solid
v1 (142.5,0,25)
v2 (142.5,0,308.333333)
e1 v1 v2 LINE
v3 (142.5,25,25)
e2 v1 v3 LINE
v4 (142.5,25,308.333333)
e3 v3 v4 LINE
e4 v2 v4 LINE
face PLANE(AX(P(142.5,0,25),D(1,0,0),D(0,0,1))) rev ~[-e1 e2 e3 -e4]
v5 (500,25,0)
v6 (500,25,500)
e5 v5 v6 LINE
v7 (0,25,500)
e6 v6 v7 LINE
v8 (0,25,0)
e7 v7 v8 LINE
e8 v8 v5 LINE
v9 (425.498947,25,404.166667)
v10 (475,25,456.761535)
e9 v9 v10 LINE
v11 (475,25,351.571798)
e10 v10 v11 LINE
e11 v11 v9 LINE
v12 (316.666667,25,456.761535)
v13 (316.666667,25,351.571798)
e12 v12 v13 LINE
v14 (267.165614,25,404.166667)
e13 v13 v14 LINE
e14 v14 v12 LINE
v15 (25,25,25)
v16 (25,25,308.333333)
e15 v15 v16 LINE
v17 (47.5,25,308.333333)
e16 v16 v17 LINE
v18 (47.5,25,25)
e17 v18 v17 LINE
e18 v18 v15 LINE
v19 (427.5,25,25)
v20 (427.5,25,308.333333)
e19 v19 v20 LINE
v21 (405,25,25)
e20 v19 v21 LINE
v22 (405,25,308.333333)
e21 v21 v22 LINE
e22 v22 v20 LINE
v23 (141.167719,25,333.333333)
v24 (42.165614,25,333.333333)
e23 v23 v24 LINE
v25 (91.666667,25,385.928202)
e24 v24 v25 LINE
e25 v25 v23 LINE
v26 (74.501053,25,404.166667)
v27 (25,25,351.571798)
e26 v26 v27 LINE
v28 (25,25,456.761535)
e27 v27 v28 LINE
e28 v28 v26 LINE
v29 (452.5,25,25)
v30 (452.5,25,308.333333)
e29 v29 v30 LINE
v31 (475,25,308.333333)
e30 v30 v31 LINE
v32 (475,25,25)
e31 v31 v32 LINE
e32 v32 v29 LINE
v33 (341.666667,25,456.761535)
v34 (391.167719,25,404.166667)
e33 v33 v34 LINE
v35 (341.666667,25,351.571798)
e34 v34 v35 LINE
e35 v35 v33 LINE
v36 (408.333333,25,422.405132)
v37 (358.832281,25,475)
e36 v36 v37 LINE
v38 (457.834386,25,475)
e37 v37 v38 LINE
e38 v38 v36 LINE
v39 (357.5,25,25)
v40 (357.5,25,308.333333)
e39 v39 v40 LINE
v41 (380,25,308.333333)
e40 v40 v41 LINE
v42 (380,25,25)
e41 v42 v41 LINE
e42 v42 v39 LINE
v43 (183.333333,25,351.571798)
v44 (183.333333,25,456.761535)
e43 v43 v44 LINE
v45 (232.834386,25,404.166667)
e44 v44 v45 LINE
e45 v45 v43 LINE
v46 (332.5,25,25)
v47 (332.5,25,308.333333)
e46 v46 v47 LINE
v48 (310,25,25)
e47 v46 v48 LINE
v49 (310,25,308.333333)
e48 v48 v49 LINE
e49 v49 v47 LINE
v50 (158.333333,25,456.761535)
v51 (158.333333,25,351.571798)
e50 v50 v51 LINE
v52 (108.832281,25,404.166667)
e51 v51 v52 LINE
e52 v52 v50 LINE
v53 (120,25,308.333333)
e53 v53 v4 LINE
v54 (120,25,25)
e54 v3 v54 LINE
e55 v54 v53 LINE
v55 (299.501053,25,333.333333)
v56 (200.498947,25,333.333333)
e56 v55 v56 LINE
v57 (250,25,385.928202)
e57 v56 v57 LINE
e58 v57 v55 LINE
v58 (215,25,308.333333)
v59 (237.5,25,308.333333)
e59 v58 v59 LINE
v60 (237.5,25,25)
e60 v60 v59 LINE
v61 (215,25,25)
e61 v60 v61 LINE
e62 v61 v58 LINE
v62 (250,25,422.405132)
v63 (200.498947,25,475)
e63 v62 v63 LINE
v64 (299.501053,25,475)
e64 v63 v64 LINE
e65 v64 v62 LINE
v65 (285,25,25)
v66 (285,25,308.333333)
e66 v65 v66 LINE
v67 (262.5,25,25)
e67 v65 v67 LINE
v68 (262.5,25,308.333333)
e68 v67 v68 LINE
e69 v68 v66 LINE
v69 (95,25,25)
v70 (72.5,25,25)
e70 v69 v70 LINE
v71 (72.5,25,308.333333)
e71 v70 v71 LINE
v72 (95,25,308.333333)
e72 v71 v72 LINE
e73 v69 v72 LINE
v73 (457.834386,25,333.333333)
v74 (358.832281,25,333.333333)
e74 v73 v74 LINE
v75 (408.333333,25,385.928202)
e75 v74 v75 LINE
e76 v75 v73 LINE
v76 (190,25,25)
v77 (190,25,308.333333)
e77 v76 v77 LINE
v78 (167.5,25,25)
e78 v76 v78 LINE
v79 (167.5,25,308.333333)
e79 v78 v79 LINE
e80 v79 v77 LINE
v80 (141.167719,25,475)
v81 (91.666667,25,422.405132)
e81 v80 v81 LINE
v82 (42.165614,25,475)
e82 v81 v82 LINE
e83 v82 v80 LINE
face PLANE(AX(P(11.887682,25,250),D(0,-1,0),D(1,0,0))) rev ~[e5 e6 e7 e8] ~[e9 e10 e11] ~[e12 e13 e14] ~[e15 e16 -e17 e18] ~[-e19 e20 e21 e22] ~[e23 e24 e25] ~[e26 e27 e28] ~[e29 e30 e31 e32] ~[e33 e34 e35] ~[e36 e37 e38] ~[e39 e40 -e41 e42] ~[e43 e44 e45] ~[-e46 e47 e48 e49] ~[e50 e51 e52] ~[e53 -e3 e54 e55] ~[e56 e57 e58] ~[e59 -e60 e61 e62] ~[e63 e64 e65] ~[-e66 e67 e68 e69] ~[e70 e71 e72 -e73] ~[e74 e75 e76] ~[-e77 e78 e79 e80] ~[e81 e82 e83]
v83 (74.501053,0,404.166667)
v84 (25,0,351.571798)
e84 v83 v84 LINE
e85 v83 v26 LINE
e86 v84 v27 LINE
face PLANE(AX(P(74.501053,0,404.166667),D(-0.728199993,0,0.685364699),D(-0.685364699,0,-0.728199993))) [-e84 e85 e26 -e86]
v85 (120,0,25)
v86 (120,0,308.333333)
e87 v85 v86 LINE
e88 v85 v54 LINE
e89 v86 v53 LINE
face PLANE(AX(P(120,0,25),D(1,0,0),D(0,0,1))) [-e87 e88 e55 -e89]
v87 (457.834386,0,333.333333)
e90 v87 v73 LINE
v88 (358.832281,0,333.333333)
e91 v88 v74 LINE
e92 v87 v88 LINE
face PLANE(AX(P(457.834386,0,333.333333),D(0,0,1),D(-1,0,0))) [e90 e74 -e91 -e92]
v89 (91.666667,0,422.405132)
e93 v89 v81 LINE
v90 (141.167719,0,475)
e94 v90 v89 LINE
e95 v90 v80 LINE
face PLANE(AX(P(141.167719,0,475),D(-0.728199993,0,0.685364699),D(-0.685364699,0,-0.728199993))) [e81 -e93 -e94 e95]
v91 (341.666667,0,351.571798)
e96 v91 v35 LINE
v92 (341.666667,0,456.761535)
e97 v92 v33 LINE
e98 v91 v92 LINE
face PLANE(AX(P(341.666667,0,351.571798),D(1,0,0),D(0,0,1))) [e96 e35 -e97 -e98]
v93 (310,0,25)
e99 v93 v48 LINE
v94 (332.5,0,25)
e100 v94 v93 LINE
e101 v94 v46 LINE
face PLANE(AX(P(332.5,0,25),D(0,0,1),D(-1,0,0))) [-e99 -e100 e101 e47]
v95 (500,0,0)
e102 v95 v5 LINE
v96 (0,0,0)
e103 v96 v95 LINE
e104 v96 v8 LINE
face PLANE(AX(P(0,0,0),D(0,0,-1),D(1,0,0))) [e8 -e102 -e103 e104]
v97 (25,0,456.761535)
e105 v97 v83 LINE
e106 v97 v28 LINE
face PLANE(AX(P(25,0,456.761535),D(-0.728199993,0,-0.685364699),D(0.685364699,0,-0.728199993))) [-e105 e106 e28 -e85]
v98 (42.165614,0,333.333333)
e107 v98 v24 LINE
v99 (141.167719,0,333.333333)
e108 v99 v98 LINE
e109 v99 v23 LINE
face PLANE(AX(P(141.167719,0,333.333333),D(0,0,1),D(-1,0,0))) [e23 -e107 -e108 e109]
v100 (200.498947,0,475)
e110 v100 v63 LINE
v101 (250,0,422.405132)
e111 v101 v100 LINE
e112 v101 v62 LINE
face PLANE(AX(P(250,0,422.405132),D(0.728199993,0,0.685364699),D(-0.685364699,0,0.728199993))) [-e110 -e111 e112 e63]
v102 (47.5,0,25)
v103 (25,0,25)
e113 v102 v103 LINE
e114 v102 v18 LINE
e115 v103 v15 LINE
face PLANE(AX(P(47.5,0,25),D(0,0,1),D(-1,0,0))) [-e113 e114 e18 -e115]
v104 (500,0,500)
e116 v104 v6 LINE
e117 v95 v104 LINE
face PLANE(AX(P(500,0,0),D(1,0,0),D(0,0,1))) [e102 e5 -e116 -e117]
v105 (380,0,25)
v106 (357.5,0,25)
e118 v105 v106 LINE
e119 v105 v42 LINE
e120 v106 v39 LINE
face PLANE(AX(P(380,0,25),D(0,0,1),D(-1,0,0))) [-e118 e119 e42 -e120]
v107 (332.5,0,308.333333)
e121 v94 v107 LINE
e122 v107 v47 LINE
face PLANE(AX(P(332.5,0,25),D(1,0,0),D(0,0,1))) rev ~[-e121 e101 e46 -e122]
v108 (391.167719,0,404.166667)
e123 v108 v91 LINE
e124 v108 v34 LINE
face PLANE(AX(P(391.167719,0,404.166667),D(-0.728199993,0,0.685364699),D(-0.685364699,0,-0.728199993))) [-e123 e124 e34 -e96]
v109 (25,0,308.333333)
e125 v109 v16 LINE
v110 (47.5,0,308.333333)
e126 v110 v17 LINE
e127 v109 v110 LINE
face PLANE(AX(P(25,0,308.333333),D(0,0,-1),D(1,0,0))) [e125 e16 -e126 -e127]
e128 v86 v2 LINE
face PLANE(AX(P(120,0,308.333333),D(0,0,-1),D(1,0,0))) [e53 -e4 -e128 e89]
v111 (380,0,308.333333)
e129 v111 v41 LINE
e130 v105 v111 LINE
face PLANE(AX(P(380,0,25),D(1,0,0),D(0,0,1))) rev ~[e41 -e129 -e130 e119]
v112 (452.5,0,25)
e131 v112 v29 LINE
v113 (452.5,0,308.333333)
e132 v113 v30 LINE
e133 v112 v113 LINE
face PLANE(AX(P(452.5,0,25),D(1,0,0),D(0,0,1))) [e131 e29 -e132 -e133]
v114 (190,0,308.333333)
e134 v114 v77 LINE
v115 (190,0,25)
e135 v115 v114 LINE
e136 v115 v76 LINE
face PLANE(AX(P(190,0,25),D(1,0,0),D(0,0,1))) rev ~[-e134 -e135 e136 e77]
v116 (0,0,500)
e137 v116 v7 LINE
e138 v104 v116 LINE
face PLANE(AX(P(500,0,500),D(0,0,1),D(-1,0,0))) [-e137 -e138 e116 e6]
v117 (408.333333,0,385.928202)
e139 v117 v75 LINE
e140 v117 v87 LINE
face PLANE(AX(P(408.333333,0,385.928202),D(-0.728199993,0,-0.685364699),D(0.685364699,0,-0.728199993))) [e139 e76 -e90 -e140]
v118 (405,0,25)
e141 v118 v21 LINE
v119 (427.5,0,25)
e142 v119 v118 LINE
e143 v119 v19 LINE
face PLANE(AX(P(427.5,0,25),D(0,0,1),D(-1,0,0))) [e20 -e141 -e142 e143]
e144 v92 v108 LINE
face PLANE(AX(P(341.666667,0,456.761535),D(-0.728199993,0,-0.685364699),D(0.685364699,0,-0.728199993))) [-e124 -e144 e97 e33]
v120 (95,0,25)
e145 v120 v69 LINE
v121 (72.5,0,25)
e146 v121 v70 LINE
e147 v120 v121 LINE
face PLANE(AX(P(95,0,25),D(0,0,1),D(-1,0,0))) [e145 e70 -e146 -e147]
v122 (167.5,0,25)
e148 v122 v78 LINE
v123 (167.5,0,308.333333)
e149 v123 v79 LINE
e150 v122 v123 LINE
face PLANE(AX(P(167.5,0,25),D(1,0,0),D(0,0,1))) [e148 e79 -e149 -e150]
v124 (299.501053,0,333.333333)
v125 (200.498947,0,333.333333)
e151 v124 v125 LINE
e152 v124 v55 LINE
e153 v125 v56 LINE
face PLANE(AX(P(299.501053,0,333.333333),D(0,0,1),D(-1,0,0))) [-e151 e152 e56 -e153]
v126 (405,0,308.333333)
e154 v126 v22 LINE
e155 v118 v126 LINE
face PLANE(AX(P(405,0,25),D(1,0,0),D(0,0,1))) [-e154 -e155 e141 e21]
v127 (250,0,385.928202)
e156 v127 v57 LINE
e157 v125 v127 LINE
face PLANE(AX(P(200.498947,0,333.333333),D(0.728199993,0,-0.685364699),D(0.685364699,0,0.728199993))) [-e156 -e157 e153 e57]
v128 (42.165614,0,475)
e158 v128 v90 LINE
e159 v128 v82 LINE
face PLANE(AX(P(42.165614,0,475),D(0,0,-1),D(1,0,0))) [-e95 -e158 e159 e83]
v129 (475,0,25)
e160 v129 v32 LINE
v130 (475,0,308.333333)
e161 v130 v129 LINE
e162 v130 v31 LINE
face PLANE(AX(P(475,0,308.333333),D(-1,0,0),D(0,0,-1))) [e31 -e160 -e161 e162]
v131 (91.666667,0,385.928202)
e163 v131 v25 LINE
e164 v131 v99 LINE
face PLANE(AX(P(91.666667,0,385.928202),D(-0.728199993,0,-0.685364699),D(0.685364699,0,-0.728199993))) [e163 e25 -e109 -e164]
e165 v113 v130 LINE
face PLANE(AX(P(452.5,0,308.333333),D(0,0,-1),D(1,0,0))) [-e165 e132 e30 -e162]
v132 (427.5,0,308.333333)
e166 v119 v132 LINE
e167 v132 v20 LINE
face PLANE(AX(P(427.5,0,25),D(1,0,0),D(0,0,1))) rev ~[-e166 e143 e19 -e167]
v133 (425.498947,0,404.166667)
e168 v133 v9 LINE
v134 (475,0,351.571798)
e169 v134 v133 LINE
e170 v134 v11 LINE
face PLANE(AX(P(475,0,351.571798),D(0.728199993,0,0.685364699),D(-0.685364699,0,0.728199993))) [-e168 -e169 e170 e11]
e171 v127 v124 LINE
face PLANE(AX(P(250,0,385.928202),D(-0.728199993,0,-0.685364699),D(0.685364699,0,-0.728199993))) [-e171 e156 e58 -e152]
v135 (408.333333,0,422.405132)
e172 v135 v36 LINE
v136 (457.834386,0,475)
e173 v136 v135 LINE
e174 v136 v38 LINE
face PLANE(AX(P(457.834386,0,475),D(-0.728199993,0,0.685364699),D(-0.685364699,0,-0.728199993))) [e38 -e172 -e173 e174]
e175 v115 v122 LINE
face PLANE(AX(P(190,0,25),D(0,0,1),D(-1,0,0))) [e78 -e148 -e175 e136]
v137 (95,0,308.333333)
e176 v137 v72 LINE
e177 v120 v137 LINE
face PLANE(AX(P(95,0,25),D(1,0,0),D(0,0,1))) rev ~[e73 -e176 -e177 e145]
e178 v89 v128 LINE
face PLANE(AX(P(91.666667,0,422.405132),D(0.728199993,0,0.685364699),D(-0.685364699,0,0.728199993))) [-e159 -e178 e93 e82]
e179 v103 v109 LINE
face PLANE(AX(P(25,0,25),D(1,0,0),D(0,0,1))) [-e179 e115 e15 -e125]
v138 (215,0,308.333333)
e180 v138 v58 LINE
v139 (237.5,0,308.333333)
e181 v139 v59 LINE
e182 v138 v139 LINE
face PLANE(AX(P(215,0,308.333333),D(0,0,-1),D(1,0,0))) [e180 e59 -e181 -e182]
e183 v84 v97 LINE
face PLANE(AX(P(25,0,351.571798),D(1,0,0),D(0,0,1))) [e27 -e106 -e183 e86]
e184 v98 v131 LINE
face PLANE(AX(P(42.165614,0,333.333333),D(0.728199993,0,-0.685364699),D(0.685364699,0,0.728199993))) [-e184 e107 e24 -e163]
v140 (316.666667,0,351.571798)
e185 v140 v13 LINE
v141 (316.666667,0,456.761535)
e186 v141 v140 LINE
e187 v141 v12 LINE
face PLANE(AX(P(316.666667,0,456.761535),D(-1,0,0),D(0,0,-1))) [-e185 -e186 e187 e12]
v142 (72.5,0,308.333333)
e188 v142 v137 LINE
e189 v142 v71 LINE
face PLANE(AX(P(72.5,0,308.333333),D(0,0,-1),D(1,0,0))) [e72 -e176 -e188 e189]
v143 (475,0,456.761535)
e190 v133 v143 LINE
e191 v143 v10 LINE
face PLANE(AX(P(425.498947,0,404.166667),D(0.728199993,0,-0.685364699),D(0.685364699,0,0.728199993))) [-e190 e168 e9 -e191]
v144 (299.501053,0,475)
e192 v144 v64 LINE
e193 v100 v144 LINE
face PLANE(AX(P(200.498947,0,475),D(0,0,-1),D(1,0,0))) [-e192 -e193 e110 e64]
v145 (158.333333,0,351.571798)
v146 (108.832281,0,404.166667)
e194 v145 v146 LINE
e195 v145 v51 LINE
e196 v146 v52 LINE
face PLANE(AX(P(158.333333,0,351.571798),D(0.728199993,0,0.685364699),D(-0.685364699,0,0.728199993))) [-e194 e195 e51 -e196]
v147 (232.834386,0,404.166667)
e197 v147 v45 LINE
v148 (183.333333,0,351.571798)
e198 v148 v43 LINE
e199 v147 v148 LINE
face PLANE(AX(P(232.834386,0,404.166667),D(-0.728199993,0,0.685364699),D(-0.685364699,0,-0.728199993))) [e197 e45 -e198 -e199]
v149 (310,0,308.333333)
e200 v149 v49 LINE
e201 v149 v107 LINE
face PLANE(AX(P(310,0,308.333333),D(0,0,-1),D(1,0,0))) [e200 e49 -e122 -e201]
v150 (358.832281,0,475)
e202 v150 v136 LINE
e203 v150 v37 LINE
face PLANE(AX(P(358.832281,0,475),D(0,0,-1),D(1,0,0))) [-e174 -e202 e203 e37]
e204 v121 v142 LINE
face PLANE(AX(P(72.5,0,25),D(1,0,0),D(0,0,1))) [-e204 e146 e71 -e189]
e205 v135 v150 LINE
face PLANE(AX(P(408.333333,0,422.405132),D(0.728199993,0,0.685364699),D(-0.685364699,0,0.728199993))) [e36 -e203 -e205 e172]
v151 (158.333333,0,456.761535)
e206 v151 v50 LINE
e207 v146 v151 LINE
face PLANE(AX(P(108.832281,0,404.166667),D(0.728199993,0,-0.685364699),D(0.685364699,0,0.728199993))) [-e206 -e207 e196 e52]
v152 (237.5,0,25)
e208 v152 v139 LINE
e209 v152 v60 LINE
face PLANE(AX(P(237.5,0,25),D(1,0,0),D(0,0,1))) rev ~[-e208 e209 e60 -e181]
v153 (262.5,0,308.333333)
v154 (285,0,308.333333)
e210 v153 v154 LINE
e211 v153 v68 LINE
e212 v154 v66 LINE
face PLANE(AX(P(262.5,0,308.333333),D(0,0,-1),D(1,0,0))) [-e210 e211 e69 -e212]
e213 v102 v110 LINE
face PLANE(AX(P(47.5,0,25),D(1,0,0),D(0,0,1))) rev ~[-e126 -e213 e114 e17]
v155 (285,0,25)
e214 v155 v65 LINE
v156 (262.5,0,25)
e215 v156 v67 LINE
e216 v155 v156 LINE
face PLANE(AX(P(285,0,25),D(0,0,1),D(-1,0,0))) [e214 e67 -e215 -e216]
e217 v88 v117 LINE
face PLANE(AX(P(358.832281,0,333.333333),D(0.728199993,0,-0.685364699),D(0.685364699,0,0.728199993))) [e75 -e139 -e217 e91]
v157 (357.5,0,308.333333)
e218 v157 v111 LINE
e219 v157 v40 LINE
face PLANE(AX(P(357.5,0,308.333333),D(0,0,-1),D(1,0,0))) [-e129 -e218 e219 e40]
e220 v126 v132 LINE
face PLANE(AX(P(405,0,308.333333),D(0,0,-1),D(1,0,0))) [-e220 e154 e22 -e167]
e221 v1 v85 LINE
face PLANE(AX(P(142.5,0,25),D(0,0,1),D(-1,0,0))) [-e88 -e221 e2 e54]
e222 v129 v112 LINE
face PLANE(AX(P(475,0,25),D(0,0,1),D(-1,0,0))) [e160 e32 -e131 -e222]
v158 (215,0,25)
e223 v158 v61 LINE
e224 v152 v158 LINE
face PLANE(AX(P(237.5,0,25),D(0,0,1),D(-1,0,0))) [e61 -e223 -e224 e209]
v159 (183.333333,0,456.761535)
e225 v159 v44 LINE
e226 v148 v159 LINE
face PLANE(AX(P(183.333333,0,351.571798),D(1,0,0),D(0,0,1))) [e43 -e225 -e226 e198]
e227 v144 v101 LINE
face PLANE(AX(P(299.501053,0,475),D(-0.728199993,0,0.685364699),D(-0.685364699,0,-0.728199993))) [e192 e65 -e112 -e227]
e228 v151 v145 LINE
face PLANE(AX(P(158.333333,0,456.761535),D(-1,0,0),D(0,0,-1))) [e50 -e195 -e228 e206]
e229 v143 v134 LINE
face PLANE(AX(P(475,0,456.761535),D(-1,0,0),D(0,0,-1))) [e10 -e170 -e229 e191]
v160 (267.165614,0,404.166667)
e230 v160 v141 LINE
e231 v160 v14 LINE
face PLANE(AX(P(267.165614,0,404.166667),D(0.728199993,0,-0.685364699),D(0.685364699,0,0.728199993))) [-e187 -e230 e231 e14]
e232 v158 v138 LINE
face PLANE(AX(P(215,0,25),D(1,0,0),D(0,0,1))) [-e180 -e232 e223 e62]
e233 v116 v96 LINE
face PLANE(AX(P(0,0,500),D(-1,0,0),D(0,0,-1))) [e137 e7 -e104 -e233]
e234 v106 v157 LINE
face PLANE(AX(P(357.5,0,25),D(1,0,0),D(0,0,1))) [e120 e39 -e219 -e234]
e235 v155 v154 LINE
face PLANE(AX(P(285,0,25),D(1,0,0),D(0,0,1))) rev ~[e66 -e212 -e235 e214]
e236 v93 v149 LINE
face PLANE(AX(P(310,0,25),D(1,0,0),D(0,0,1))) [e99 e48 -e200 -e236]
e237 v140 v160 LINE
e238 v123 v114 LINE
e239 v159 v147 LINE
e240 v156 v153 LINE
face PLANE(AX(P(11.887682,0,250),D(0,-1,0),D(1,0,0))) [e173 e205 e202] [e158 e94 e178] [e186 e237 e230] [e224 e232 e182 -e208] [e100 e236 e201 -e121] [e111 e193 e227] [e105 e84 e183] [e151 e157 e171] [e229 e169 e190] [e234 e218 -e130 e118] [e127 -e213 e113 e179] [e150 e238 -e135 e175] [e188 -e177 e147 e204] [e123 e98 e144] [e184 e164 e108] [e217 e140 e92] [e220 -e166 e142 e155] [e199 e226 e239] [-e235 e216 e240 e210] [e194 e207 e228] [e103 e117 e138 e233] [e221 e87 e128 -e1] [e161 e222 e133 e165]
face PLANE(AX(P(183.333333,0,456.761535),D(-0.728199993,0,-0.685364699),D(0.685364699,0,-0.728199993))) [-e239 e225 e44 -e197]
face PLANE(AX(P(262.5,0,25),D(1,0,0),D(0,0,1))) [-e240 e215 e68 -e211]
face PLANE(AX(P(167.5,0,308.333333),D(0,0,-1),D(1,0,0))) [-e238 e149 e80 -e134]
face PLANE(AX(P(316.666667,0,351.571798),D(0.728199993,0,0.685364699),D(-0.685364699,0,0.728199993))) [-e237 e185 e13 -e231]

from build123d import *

# Parameters (mm, degrees)
F0_W     = 25
F0_H     = 283.3333333333
F1_DEPTH = 25


with BuildPart() as f1:
    # F0 (on Front) → F1 (new body)
    with BuildSketch(Plane.XZ):
        Polygon((0, 500), (0, 0), (25, 25), (25, 308.3333333333), (25, 333.3333333333), (25, 351.5717982238), (25, 456.7615351095), (25, 475), align=None)
        Polygon((500, 500), (0, 500), (25, 475), (42.1656140146, 475), (141.1677193187, 475), (158.3333333333, 475), (183.3333333333, 475), (200.4989473479, 475), (299.5010526521, 475), (316.6666666667, 475), (341.6666666667, 475), (358.8322806813, 475), (457.8343859854, 475), (475, 475), align=None)
        Polygon((475, 25), (500, 0), (500, 500), (475, 475), (475, 456.7615351095), (475, 351.5717982238), (475, 333.3333333333), (475, 308.3333333333), align=None)
        Polygon((25, 25), (0, 0), (500, 0), (475, 25), (452.5, 25), (427.5, 25), (405, 25), (380, 25), (357.5, 25), (332.5, 25), (310, 25), (285, 25), (262.5, 25), (237.5, 25), (215, 25), (190, 25), (167.5, 25), (142.5, 25), (120, 25), (95, 25), (72.5, 25), (47.5, 25), align=None)
        Polygon((25, 351.5717982238), (25, 333.3333333333), (42.1656140146, 333.3333333333), (91.6666666667, 385.9282017762), (74.5010526521, 404.1666666667), align=None)
        Polygon((42.1656140146, 475), (25, 475), (25, 456.7615351095), (74.5010526521, 404.1666666667), (91.6666666667, 385.9282017762), (141.1677193187, 333.3333333333), (158.3333333333, 333.3333333333), (158.3333333333, 351.5717982238), (108.8322806813, 404.1666666667), (91.6666666667, 422.4051315572), align=None)
        Polygon((158.3333333333, 475), (141.1677193187, 475), (91.6666666667, 422.4051315572), (108.8322806813, 404.1666666667), (158.3333333333, 456.7615351095), align=None)
        Polygon((183.3333333333, 475), (158.3333333333, 475), (158.3333333333, 456.7615351095), (158.3333333333, 351.5717982238), (158.3333333333, 333.3333333333), (183.3333333333, 333.3333333333), (183.3333333333, 351.5717982238), (183.3333333333, 456.7615351095), align=None)
        Polygon((200.4989473479, 475), (183.3333333333, 475), (183.3333333333, 456.7615351095), (232.8343859854, 404.1666666667), (250, 385.9282017762), (299.5010526521, 333.3333333333), (316.6666666667, 333.3333333333), (316.6666666667, 351.5717982238), (267.1656140146, 404.1666666667), (250, 422.4051315572), align=None)
        Polygon((183.3333333333, 351.5717982238), (183.3333333333, 333.3333333333), (200.4989473479, 333.3333333333), (250, 385.9282017762), (232.8343859854, 404.1666666667), align=None)
        Polygon((316.6666666667, 456.7615351095), (316.6666666667, 475), (299.5010526521, 475), (250, 422.4051315572), (267.1656140146, 404.1666666667), align=None)
        Polygon((341.6666666667, 456.7615351095), (341.6666666667, 475), (316.6666666667, 475), (316.6666666667, 456.7615351095), (316.6666666667, 351.5717982238), (316.6666666667, 333.3333333333), (341.6666666667, 333.3333333333), (341.6666666667, 351.5717982238), align=None)
        Polygon((457.8343859854, 333.3333333333), (475, 333.3333333333), (475, 351.5717982238), (425.4989473479, 404.1666666667), (408.3333333333, 422.4051315572), (358.8322806813, 475), (341.6666666667, 475), (341.6666666667, 456.7615351095), (391.1677193187, 404.1666666667), (408.3333333333, 385.9282017762), align=None)
        Polygon((475, 456.7615351095), (475, 475), (457.8343859854, 475), (408.3333333333, 422.4051315572), (425.4989473479, 404.1666666667), align=None)
        Polygon((341.6666666667, 333.3333333333), (358.8322806813, 333.3333333333), (408.3333333333, 385.9282017762), (391.1677193187, 404.1666666667), (341.6666666667, 351.5717982238), align=None)
        Polygon((25, 333.3333333333), (25, 308.3333333333), (47.5, 308.3333333333), (72.5, 308.3333333333), (95, 308.3333333333), (120, 308.3333333333), (142.5, 308.3333333333), (167.5, 308.3333333333), (190, 308.3333333333), (215, 308.3333333333), (237.5, 308.3333333333), (262.5, 308.3333333333), (285, 308.3333333333), (310, 308.3333333333), (332.5, 308.3333333333), (357.5, 308.3333333333), (380, 308.3333333333), (405, 308.3333333333), (427.5, 308.3333333333), (452.5, 308.3333333333), (475, 308.3333333333), (475, 333.3333333333), (457.8343859854, 333.3333333333), (358.8322806813, 333.3333333333), (341.6666666667, 333.3333333333), (316.6666666667, 333.3333333333), (299.5010526521, 333.3333333333), (200.4989473479, 333.3333333333), (183.3333333333, 333.3333333333), (158.3333333333, 333.3333333333), (141.1677193187, 333.3333333333), (42.1656140146, 333.3333333333), align=None)
        with Locations((60, 166.6666666667)):
            Rectangle(F0_W, F0_H)
        with Locations((107.5, 166.6666666667)):
            Rectangle(F0_W, F0_H)
        with Locations((155, 166.6666666667)):
            Rectangle(F0_W, F0_H)
        with Locations((202.5, 166.6666666667)):
            Rectangle(F0_W, F0_H)
        with Locations((250, 166.6666666667)):
            Rectangle(F0_W, F0_H)
        with Locations((297.5, 166.6666666667)):
            Rectangle(F0_W, F0_H)
        with Locations((345, 166.6666666667)):
            Rectangle(F0_W, F0_H)
        with Locations((392.5, 166.6666666667)):
            Rectangle(F0_W, F0_H)
        with Locations((440, 166.6666666667)):
            Rectangle(F0_W, F0_H)
    extrude(amount=-F1_DEPTH)


solid = f1.part
